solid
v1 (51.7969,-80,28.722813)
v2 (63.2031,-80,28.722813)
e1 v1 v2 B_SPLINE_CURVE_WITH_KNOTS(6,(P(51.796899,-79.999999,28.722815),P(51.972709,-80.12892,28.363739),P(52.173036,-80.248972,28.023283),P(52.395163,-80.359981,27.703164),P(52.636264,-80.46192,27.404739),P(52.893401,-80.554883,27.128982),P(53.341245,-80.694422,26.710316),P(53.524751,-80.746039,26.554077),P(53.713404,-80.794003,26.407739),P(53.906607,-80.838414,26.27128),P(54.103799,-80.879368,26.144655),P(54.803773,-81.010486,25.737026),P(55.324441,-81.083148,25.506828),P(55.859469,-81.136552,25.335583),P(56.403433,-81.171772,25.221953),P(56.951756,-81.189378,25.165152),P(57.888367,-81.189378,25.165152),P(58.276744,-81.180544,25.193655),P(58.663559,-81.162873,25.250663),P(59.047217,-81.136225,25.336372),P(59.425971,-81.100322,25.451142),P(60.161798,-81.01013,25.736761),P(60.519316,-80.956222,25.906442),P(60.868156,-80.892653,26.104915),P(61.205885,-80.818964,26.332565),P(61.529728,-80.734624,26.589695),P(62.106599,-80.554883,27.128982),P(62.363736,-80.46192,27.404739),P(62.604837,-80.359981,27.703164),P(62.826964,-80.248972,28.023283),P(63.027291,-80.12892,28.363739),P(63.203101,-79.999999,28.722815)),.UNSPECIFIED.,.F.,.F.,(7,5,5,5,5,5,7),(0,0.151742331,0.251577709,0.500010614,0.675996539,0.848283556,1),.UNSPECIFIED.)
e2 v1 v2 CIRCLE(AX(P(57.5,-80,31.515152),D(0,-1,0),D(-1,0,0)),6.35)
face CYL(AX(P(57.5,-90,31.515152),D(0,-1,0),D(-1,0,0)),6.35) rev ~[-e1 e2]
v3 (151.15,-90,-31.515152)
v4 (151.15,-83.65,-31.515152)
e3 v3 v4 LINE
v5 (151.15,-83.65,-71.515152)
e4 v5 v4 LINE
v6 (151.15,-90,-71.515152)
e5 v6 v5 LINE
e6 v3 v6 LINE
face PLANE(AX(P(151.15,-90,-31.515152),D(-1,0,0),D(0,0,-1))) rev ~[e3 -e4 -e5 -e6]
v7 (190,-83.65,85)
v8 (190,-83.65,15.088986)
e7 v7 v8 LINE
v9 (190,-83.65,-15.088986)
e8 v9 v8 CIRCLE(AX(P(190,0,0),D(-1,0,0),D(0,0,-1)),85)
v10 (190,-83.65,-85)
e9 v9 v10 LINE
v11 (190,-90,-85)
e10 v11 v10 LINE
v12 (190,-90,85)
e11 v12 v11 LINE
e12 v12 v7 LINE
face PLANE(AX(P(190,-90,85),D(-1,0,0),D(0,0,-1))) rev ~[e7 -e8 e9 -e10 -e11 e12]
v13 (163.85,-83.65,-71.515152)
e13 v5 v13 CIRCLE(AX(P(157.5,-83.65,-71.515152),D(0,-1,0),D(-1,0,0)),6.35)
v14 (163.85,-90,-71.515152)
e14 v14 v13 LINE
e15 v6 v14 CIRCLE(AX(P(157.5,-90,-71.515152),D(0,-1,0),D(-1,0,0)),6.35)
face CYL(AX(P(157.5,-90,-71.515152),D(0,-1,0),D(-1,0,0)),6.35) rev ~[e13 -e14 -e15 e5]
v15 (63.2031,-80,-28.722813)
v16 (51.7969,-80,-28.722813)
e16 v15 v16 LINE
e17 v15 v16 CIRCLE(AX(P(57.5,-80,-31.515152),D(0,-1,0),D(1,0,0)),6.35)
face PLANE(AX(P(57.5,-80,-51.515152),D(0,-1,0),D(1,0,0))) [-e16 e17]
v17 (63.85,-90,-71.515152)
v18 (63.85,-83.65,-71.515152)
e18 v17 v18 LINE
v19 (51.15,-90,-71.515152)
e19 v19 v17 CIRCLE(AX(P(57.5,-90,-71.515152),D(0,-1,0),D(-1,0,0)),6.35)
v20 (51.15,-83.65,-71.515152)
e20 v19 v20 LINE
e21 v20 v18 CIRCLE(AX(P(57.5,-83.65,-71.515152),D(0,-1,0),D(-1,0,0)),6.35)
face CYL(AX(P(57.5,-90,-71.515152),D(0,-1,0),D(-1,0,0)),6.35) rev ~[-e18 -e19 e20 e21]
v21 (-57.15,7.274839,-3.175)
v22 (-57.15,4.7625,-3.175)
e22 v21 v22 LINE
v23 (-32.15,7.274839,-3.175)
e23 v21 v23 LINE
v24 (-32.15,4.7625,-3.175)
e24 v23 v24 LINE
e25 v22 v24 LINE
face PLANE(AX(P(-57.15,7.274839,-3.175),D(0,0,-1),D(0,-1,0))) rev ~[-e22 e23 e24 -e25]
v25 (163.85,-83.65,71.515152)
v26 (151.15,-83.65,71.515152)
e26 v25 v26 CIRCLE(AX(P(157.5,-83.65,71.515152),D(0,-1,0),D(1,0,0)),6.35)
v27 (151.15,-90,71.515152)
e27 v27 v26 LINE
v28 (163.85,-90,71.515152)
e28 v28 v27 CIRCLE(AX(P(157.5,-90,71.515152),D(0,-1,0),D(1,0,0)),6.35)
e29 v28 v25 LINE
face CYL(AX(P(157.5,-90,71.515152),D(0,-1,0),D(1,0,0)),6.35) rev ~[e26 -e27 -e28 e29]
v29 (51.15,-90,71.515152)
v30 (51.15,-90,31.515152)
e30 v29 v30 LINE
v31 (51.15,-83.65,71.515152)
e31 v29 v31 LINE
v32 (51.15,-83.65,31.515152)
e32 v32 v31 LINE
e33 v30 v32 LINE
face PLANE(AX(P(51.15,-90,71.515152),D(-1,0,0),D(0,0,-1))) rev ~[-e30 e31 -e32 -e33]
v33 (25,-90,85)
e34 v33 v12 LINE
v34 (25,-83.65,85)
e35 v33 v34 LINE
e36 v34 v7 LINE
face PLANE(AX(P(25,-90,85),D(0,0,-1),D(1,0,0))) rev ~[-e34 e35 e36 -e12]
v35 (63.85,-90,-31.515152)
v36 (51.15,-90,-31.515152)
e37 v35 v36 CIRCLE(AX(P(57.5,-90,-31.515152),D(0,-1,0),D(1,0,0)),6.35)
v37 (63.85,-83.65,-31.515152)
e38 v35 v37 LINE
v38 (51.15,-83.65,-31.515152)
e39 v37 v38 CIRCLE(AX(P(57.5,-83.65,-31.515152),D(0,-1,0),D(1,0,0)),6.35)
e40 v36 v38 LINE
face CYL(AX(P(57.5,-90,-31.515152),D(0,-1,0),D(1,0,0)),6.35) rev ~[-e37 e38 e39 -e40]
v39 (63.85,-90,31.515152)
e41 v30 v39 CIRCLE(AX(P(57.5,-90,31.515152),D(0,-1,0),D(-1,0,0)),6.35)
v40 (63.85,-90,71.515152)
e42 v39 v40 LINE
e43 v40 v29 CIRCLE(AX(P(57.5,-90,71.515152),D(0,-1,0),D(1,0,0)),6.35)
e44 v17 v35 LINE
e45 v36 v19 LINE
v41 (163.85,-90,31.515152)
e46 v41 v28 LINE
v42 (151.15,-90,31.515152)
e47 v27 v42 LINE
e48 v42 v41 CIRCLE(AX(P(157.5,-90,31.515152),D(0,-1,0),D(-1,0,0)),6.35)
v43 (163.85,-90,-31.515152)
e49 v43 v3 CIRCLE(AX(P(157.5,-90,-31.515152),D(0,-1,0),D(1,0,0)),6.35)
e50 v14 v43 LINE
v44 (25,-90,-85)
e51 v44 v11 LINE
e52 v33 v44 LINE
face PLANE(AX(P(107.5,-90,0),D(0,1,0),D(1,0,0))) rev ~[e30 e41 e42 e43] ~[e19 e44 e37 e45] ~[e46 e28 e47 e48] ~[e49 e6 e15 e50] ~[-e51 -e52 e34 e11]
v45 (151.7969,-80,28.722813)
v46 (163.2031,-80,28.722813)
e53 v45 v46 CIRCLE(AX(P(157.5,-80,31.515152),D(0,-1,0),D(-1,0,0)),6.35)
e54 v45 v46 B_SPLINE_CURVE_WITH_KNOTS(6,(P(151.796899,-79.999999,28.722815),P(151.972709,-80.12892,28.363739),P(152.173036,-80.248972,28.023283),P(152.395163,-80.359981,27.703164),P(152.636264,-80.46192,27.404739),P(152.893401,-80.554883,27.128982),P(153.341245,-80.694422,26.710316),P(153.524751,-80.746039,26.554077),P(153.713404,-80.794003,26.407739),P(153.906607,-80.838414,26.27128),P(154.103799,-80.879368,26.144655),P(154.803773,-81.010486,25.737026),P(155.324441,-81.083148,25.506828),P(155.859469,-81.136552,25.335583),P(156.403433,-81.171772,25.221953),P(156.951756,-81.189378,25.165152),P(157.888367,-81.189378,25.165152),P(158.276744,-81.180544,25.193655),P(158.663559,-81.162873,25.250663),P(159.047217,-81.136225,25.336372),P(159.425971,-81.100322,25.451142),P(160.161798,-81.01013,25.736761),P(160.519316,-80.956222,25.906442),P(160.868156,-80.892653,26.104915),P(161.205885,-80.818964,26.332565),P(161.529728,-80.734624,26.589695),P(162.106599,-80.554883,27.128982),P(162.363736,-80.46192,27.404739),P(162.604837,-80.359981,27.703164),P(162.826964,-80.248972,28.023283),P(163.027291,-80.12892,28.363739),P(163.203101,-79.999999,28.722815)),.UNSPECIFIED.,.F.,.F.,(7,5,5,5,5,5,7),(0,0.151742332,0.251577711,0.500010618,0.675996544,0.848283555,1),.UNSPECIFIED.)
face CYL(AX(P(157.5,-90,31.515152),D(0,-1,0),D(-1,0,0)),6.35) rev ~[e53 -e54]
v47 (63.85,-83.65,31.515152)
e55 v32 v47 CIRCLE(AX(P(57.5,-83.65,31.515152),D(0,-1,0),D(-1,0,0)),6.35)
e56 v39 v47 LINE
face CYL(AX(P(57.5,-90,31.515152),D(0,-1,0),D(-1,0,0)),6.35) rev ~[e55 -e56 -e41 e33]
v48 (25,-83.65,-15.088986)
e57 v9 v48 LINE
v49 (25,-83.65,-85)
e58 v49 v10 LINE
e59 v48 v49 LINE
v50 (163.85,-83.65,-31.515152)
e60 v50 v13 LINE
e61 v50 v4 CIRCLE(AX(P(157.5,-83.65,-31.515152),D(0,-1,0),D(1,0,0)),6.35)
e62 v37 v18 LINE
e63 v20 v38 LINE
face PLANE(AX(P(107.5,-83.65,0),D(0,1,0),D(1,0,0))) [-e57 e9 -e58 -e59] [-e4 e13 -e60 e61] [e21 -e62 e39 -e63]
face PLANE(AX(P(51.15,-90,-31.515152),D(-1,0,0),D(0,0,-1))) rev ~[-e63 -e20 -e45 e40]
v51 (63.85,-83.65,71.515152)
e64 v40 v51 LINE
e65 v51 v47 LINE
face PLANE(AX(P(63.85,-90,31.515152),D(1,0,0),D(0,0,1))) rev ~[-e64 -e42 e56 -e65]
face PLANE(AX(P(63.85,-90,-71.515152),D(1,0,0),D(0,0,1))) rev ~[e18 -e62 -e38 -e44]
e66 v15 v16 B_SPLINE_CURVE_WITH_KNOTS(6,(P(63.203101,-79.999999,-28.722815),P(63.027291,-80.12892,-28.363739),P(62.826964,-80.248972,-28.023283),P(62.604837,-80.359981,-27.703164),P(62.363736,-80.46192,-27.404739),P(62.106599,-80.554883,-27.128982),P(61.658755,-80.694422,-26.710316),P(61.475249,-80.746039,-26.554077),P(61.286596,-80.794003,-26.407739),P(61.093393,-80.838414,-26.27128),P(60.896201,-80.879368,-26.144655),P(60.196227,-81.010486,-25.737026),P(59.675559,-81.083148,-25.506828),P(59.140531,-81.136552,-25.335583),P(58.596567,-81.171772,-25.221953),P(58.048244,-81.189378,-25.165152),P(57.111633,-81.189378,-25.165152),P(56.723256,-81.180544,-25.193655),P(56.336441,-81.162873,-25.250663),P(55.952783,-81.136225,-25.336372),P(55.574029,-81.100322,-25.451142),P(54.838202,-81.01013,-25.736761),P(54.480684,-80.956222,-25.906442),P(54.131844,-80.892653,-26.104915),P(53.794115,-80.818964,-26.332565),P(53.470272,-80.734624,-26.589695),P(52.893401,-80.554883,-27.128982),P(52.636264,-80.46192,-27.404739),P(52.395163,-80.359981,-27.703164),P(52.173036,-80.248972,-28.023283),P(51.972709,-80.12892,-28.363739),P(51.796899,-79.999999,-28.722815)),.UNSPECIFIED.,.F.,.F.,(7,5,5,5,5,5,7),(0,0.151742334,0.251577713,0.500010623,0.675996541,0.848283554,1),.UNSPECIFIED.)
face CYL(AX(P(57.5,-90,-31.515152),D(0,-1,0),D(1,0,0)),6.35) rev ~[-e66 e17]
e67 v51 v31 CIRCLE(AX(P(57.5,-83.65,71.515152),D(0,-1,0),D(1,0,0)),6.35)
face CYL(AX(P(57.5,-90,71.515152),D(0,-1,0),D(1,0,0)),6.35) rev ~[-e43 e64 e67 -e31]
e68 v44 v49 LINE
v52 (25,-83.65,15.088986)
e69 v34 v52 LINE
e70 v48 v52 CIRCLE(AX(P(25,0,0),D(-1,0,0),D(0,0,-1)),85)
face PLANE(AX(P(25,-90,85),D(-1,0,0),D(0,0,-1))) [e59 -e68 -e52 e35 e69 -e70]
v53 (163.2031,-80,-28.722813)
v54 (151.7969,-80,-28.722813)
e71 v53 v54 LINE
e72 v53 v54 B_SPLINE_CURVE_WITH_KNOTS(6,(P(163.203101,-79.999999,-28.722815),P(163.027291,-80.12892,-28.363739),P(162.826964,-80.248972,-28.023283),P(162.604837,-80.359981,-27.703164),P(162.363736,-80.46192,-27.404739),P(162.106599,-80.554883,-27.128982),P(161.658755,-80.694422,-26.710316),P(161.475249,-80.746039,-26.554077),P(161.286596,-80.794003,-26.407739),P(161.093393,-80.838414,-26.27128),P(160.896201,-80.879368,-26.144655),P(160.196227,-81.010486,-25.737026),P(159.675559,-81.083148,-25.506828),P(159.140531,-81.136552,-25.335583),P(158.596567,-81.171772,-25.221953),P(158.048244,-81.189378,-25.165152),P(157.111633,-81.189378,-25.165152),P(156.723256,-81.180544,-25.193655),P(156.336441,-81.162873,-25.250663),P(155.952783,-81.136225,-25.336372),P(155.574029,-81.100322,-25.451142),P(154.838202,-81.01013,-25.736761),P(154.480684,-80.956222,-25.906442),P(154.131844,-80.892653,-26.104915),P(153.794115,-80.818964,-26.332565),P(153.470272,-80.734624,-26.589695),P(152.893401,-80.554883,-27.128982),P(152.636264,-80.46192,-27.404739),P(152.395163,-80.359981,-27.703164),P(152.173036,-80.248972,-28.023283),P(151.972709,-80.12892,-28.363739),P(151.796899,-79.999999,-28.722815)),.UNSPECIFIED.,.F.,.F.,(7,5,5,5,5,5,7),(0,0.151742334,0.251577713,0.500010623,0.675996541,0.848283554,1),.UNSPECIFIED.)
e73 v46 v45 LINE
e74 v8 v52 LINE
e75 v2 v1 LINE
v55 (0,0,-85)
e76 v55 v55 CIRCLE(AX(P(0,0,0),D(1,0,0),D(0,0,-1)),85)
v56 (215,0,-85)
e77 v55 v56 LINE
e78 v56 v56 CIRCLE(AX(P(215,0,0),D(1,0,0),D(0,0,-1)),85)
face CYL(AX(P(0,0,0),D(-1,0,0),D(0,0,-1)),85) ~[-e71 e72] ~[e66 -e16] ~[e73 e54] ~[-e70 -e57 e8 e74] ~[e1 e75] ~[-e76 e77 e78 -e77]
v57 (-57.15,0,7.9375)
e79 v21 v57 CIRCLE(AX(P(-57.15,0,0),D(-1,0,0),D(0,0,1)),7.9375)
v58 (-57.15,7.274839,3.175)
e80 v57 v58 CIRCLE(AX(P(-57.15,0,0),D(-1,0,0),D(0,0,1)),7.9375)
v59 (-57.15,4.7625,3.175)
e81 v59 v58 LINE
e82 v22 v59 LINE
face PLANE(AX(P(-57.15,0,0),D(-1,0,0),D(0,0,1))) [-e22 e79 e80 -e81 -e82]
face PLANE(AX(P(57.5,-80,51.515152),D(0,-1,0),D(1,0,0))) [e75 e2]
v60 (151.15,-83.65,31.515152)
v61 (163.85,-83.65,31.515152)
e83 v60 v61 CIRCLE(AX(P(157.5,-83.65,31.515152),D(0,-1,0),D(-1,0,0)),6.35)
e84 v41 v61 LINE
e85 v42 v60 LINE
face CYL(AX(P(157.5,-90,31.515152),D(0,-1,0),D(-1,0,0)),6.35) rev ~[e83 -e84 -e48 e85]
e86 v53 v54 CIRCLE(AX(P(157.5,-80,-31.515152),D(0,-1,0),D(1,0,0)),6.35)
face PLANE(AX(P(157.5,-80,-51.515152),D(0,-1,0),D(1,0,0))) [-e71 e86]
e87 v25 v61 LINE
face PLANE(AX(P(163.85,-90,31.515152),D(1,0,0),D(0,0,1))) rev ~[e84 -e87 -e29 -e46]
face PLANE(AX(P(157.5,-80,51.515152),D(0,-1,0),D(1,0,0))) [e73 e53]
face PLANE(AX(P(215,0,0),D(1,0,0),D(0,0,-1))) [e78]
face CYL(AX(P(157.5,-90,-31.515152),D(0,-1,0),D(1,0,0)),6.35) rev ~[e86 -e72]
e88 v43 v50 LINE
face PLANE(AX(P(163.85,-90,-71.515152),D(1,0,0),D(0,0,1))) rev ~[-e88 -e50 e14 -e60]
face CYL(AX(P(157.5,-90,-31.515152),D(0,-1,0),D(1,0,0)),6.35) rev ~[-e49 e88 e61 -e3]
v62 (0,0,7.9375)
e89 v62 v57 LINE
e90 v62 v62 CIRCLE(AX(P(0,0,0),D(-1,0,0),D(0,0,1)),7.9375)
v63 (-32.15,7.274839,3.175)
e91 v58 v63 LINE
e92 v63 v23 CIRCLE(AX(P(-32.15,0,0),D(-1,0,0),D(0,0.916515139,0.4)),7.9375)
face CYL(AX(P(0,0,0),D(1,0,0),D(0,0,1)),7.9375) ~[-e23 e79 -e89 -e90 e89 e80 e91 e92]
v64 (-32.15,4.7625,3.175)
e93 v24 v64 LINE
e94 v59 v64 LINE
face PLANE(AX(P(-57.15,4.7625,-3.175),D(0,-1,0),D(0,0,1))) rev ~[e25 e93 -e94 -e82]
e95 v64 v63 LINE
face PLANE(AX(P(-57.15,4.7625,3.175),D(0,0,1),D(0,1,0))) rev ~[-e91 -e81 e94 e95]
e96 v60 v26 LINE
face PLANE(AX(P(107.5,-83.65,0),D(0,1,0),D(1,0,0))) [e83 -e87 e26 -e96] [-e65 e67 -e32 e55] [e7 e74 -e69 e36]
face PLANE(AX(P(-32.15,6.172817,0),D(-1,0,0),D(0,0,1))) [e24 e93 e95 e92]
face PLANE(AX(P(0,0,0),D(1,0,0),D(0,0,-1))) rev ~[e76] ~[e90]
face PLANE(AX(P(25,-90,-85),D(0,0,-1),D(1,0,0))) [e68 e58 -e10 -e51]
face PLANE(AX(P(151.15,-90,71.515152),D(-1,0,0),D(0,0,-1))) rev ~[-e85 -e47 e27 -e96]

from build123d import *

# Parameters (mm, degrees)
CROQUIS1_R              = 85
SALIENTE_EXTRUIR1_DEPTH = 215
CROQUIS2_R              = 7.9375
SALIENTE_EXTRUIR2_DEPTH = 57.15
CROQUIS4_W              = 165
CROQUIS4_H              = 170
SALIENTE_EXTRUIR3_DEPTH = 6.35
CORTAR_EXTRUIR1_DEPTH   = 25
CORTAR_EXTRUIR2_DEPTH   = 10


with BuildPart() as part:
    # Croquis1 → Saliente-Extruir1 (new body)
    with BuildSketch(Plane(origin=(0, 0, 0), x_dir=(0, 0, -1), z_dir=(1, 0, 0))):
        Circle(CROQUIS1_R)
    extrude(amount=SALIENTE_EXTRUIR1_DEPTH)

    # Croquis2 → Saliente-Extruir2 (add)
    with BuildSketch(Plane.ZY):
        Circle(CROQUIS2_R)
    extrude(amount=SALIENTE_EXTRUIR2_DEPTH)

    # Croquis4 → Saliente-Extruir3 (add)
    with BuildSketch(Plane(origin=(0, -90, 0), x_dir=(1, 0, 0), z_dir=(0, 1, 0))):
        with Locations((107.5, 0)):
            Rectangle(CROQUIS4_W, CROQUIS4_H)
    extrude(amount=SALIENTE_EXTRUIR3_DEPTH)

    # Croquis5 → Cortar-Extruir1 (cut)
    with BuildSketch(Plane.ZY.offset(57.15)):
        with BuildLine():
            Line((-3.175, 7.274838916), (-3.175, 4.7625))
            Line((-3.175, 4.7625), (3.175, 4.7625))
            Line((3.175, 4.7625), (3.175, 7.274838916))
            ThreePointArc((3.175, 7.274838916), (0, 7.9375), (-3.175, 7.274838916))
        make_face()
    extrude(amount=-CORTAR_EXTRUIR1_DEPTH, mode=Mode.SUBTRACT)

    # Croquis7 → Cortar-Extruir2 (cut)
    with BuildSketch(Plane.XZ.offset(90)):
        with BuildLine():
            Line((51.15, 71.515151515), (51.15, 31.515151515))
            ThreePointArc((51.15, 31.515151515), (57.5, 25.165151515), (63.85, 31.515151515))
            Line((63.85, 31.515151515), (63.85, 71.515151515))
            ThreePointArc((63.85, 71.515151515), (57.5, 77.865151515), (51.15, 71.515151515))
        make_face()
        with BuildLine():
            Line((151.15, 71.515151515), (151.15, 31.515151515))
            ThreePointArc((151.15, 31.515151515), (157.5, 25.165151515), (163.85, 31.515151515))
            Line((163.85, 31.515151515), (163.85, 71.515151515))
            ThreePointArc((163.85, 71.515151515), (157.5, 77.865151515), (151.15, 71.515151515))
        make_face()
        with BuildLine():
            Line((51.15, -31.515151515), (51.15, -71.515151515))
            ThreePointArc((51.15, -71.515151515), (57.5, -77.865151515), (63.85, -71.515151515))
            Line((63.85, -71.515151515), (63.85, -31.515151515))
            ThreePointArc((63.85, -31.515151515), (57.5, -25.165151515), (51.15, -31.515151515))
        make_face()
        with BuildLine():
            Line((151.15, -31.515151515), (151.15, -71.515151515))
            ThreePointArc((151.15, -71.515151515), (157.5, -77.865151515), (163.85, -71.515151515))
            Line((163.85, -71.515151515), (163.85, -31.515151515))
            ThreePointArc((163.85, -31.515151515), (157.5, -25.165151515), (151.15, -31.515151515))
        make_face()
    extrude(amount=-CORTAR_EXTRUIR2_DEPTH, mode=Mode.SUBTRACT)


solid = part.part
